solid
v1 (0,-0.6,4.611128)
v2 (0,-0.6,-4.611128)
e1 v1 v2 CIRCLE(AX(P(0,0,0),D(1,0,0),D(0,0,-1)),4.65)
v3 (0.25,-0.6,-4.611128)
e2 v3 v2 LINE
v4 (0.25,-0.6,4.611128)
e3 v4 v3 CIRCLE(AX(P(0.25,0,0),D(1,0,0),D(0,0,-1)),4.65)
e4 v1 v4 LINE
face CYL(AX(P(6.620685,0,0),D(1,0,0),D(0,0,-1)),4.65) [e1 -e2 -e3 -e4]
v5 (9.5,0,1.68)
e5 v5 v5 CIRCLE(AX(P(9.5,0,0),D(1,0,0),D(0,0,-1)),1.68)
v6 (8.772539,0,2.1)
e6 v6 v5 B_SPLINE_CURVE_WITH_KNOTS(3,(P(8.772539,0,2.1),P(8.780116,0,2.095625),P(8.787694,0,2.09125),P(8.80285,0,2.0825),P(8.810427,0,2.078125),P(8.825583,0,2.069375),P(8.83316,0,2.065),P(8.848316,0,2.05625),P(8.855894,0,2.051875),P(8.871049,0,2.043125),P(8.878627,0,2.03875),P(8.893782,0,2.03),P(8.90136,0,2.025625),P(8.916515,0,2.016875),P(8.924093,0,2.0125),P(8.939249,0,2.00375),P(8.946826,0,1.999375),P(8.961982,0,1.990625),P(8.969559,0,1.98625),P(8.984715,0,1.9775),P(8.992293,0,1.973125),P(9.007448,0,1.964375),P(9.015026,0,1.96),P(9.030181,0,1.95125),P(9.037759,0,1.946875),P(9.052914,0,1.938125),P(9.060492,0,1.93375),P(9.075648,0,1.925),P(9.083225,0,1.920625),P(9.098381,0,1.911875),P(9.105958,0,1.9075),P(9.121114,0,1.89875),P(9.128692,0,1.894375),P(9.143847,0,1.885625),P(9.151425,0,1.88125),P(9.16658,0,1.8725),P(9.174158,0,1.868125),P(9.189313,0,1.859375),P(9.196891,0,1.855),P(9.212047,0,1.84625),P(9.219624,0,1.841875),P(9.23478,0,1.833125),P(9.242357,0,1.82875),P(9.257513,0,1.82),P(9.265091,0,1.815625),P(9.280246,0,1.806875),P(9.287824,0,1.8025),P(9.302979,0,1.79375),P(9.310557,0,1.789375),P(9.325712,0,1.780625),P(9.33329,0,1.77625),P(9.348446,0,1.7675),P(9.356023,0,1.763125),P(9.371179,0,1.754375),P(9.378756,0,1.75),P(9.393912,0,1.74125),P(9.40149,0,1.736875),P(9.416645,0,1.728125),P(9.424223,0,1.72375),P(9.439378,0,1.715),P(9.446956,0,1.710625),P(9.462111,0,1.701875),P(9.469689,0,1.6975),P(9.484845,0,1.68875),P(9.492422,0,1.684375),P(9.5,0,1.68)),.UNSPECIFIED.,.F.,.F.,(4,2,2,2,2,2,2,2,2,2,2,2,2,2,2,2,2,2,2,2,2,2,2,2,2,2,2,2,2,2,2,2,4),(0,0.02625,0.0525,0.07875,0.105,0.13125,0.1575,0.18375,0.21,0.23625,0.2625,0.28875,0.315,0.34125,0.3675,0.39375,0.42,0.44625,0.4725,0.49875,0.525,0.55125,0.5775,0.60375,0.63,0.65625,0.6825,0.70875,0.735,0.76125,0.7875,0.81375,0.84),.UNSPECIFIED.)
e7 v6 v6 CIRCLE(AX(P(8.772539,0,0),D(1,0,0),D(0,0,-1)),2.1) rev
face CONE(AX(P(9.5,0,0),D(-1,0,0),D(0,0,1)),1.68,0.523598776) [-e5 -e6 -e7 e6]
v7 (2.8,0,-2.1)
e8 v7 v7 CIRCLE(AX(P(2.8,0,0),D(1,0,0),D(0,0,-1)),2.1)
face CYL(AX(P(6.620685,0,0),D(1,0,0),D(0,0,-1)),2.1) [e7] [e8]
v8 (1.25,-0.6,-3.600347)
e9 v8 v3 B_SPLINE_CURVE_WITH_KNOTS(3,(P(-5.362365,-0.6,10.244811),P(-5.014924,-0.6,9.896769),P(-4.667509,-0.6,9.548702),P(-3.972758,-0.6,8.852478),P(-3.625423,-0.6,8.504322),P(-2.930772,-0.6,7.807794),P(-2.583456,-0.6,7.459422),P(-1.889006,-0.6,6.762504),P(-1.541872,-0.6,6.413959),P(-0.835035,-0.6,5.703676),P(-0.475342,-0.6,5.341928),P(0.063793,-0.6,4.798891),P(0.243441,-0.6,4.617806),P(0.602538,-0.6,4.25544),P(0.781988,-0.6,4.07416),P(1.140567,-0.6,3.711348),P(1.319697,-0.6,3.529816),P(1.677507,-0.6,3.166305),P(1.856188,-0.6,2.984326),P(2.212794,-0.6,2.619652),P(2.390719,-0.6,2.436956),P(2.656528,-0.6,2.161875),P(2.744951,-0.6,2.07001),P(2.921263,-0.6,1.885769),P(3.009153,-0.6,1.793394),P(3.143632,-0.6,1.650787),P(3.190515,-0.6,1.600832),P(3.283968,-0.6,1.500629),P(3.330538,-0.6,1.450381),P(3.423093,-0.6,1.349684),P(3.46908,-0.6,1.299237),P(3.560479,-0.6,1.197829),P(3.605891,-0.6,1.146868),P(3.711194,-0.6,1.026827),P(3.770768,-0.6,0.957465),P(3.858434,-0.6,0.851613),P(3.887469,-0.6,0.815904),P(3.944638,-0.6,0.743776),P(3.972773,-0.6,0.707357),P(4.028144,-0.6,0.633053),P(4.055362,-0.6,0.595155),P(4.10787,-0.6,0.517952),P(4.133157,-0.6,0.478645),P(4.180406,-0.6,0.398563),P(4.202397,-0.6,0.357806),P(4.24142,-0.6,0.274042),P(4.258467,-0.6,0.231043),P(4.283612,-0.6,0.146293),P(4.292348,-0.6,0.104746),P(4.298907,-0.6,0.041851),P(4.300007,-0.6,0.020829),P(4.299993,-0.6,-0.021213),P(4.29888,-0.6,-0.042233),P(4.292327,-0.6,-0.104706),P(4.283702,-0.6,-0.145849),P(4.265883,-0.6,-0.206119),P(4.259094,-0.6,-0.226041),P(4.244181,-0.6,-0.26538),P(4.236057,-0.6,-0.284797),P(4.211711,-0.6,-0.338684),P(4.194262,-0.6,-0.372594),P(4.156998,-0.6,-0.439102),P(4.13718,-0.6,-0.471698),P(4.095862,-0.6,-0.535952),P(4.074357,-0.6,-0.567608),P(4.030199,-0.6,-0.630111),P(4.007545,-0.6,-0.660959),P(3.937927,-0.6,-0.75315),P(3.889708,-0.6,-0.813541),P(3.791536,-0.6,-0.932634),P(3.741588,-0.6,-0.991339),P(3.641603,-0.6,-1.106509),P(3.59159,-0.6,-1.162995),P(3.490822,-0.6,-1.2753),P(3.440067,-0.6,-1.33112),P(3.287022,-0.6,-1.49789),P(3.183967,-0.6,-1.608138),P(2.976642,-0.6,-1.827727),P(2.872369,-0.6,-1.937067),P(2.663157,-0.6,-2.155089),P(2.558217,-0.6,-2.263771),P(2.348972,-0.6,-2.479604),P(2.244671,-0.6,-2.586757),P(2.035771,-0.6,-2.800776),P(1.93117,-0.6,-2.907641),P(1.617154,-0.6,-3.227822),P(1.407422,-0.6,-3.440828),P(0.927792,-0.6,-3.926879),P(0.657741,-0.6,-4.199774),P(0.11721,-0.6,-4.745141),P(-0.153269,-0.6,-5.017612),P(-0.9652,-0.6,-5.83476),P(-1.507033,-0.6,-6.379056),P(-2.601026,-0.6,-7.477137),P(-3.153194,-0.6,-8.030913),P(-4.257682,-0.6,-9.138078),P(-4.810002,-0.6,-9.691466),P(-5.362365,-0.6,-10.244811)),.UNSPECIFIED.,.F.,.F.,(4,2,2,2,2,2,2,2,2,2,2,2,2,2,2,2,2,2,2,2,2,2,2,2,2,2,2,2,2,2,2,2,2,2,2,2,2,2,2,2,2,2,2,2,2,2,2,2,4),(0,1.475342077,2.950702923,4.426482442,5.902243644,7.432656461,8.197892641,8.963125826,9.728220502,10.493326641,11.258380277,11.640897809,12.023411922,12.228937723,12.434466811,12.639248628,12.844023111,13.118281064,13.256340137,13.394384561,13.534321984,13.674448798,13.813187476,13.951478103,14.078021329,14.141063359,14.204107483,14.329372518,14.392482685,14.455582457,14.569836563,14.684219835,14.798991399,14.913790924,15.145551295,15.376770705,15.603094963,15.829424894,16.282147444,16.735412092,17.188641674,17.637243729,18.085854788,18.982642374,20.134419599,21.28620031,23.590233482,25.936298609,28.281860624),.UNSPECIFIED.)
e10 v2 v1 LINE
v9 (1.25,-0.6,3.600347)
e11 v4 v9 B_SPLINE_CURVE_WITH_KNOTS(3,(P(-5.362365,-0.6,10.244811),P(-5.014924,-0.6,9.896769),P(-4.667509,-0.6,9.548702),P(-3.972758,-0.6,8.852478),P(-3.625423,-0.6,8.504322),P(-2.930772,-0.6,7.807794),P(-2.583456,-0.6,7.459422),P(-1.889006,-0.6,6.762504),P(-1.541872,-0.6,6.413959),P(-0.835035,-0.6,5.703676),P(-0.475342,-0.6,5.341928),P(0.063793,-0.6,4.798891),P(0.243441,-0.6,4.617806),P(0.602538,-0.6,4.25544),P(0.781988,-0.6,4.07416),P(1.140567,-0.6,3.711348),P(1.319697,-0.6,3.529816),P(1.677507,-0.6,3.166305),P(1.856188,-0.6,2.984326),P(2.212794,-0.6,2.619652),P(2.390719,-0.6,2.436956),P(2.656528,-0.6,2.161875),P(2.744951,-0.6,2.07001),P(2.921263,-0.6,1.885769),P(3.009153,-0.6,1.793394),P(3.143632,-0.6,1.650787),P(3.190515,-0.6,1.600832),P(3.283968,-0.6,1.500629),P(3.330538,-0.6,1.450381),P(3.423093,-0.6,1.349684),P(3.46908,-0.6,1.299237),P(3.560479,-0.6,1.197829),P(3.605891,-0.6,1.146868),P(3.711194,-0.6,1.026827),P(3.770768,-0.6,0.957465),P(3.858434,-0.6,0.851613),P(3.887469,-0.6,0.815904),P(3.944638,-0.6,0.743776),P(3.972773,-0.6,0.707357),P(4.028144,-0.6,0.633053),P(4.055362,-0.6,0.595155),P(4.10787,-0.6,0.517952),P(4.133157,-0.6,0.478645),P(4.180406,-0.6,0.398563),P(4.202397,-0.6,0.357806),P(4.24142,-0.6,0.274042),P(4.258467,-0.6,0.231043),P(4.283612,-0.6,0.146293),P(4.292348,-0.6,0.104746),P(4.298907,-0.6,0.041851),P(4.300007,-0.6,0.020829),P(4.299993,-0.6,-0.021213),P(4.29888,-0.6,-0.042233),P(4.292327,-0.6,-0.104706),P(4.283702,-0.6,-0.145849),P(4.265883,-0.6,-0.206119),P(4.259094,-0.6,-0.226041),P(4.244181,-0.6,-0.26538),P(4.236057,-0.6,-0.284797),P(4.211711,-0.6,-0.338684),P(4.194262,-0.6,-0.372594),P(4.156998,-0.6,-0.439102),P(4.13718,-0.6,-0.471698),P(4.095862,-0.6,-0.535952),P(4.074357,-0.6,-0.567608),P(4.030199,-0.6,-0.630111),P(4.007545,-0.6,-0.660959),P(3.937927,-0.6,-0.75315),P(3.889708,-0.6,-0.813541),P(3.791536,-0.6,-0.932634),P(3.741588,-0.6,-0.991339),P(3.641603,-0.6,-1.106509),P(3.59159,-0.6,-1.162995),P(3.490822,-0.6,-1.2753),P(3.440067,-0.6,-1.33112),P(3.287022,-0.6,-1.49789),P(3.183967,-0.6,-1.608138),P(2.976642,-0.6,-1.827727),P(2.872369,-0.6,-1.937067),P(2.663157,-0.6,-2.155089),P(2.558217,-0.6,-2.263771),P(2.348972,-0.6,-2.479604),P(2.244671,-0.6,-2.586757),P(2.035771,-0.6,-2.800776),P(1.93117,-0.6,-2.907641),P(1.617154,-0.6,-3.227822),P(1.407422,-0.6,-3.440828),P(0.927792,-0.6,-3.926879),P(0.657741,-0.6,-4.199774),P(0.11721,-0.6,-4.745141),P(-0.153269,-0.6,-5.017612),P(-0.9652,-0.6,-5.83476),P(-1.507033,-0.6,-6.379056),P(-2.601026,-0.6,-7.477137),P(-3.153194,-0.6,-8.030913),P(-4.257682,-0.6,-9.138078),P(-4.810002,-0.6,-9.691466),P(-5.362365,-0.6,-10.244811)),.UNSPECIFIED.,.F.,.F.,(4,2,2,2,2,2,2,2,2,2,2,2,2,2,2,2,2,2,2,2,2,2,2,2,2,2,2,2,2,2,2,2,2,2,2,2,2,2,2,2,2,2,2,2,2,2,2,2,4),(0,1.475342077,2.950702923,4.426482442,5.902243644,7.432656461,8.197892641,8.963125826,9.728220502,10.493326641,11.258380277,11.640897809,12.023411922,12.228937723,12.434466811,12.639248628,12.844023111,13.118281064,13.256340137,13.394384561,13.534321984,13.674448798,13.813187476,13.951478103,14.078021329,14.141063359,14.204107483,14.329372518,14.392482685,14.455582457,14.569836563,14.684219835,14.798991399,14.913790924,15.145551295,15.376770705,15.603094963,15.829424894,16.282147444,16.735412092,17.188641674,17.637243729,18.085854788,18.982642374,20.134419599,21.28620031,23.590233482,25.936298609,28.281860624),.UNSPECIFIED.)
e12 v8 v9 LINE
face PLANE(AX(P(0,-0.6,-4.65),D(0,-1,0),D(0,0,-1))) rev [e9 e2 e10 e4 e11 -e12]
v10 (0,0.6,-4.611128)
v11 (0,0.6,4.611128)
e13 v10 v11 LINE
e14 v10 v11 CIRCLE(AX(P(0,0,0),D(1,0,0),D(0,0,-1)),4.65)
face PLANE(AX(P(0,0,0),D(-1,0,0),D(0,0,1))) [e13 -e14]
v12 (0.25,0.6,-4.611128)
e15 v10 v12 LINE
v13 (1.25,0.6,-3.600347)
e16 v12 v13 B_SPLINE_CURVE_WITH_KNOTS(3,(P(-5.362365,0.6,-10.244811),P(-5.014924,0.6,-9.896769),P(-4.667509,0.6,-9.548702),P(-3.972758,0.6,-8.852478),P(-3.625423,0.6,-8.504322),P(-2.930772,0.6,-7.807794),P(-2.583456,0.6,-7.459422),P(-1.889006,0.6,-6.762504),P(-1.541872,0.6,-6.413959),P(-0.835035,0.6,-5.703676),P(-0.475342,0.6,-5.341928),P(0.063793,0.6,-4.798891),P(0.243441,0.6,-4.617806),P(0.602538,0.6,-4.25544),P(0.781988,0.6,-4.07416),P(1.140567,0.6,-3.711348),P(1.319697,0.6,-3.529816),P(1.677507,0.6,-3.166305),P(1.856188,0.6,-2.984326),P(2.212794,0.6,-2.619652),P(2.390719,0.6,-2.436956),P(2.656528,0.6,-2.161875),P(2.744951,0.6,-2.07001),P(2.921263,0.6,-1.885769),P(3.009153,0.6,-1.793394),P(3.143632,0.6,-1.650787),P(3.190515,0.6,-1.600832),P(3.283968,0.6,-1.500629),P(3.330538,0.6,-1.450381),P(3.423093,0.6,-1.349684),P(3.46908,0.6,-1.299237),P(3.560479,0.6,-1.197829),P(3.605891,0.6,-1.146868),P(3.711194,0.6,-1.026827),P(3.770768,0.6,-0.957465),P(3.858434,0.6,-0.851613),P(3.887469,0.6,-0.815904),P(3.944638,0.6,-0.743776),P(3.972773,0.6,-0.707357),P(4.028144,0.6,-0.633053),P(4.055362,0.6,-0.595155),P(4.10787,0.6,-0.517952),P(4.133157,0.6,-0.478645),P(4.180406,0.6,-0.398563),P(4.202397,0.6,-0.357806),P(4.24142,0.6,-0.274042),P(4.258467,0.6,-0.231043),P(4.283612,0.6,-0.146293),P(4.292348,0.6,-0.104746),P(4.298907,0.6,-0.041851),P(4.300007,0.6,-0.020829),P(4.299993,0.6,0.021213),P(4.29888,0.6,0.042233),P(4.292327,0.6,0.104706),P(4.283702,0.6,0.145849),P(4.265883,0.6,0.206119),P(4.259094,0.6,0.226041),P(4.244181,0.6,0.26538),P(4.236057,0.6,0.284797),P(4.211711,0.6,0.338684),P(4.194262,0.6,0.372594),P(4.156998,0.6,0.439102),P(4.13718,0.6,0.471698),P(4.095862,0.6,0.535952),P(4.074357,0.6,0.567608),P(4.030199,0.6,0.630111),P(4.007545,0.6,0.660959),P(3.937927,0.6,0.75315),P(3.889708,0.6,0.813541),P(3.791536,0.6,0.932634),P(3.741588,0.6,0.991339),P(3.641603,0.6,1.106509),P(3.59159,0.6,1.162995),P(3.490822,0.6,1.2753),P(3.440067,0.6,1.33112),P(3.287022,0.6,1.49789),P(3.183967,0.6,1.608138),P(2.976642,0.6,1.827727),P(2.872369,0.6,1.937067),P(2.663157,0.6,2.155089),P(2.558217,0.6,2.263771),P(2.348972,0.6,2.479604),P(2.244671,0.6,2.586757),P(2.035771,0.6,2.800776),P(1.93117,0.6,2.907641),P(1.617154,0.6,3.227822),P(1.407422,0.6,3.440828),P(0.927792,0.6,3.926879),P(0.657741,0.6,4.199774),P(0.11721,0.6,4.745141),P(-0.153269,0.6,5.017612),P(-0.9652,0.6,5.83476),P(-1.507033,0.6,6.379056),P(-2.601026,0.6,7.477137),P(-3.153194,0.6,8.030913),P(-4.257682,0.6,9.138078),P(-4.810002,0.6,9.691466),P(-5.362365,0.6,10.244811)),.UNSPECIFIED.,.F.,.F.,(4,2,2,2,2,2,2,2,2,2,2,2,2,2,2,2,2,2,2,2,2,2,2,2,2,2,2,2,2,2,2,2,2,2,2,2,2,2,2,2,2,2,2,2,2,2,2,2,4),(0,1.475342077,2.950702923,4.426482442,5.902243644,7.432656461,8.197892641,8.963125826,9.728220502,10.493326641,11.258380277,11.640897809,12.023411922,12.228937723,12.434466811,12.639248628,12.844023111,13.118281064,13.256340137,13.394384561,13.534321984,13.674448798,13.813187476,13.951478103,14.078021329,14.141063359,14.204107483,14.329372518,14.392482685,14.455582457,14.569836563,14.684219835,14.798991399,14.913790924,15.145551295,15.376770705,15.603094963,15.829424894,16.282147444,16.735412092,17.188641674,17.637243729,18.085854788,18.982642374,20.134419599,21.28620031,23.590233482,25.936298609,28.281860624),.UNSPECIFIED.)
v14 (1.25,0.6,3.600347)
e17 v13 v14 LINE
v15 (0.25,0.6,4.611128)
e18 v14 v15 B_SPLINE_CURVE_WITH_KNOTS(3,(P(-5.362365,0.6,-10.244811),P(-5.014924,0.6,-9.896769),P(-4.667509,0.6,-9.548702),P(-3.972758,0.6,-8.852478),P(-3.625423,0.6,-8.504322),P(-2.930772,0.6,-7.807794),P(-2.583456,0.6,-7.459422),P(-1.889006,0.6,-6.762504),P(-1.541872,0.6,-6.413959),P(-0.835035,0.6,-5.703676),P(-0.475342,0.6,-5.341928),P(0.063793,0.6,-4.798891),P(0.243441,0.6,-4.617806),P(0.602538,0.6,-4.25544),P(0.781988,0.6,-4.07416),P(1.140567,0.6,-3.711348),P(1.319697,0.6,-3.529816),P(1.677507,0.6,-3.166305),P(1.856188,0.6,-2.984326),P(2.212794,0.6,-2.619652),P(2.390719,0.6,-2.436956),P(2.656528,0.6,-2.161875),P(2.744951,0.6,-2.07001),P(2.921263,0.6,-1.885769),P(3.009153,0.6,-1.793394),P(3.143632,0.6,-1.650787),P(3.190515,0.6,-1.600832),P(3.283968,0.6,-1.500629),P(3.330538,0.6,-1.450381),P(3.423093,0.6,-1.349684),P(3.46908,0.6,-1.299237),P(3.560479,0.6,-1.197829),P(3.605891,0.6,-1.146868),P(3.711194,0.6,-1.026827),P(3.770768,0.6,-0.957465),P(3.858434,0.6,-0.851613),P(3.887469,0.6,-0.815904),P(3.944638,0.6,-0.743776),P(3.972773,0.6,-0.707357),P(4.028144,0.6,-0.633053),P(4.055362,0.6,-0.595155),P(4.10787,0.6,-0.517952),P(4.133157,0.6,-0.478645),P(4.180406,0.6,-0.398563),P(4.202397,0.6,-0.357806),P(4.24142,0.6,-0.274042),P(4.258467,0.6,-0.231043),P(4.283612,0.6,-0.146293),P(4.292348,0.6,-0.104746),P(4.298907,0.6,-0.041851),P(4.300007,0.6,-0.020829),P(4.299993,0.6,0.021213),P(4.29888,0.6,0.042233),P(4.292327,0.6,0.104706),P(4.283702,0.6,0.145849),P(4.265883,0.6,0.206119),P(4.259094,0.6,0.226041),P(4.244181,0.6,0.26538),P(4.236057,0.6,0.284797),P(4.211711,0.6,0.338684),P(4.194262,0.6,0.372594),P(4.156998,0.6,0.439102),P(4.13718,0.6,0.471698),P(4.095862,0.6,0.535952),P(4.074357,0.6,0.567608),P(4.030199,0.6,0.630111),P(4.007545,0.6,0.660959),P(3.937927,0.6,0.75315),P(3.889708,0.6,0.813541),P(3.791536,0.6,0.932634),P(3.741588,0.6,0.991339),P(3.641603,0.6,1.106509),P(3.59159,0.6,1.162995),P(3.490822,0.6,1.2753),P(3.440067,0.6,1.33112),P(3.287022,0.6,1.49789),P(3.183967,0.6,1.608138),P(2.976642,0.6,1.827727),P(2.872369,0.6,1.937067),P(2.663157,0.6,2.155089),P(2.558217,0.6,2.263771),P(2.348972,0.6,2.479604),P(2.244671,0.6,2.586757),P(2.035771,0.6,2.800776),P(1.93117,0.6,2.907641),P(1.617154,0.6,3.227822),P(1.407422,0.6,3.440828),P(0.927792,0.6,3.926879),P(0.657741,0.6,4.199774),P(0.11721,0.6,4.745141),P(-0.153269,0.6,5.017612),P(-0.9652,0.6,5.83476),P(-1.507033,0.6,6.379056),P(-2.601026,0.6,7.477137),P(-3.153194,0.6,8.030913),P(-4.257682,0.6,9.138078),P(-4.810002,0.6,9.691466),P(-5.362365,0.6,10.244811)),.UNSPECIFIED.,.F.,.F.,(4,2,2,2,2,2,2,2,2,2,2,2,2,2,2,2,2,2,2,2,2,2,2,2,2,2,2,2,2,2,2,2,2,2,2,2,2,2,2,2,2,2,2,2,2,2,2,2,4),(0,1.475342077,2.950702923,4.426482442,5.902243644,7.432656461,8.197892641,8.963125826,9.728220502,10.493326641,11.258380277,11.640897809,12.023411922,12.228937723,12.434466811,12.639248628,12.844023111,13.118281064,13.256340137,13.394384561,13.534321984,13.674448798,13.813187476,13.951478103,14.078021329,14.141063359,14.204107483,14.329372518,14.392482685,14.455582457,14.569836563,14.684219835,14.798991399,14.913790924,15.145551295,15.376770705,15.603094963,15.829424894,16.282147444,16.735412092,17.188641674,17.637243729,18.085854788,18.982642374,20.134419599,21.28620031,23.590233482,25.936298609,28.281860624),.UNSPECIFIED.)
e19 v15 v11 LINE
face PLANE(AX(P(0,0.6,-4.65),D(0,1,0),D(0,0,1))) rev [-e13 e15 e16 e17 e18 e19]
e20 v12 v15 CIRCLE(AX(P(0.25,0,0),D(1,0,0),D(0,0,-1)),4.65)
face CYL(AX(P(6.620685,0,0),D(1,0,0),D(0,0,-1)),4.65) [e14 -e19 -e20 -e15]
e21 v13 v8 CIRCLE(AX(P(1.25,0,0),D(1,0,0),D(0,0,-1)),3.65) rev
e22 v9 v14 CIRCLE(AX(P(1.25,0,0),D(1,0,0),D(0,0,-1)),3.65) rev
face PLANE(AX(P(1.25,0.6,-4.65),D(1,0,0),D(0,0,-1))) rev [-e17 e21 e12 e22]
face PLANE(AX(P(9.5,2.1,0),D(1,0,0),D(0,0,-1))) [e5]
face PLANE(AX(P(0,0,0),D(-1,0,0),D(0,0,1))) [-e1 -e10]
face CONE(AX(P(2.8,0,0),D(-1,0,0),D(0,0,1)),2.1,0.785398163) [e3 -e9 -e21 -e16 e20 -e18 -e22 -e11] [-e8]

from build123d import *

# Parameters (mm, degrees)
CUT_EXTRUDE1_DEPTH      = 12.554003635
CUT_EXTRUDE1_DEPTH_BACK = 12.554003635
SKETCH2_W               = 1.25
SKETCH2_H               = 1.2
CHAMFER1_SIZE           = 0.42
CHAMFER1_SIZE2          = 0.727461339


with BuildPart() as part:
    # Sketch1 → Revolve1 (revolve)
    with BuildSketch(Plane.XY, mode=Mode.PRIVATE) as revolve1_sk:
        Polygon((0, 4.65), (0.25, 4.65), (2.8, 2.1), (9.5, 2.1), (9.5, 0), (0, 0), align=None)
    revolve(revolve1_sk.sketch.rotate(Axis((6.620684694, 0, 0), (-1, 0, 0)), 90), axis=Axis((6.620684694, 0, 0), (-1, 0, 0)))

    # Sketch2 → Cut-Extrude1 (cut, two sides: drawn at the far end of the back side and taken through both)
    with BuildSketch(Plane.XY.offset(-CUT_EXTRUDE1_DEPTH_BACK)):
        with Locations((0.625, 0)):
            Rectangle(SKETCH2_W, SKETCH2_H)
    extrude(amount=CUT_EXTRUDE1_DEPTH + CUT_EXTRUDE1_DEPTH_BACK, mode=Mode.SUBTRACT)

    # Chamfer1
    chamfer1_edges = [part.edges().sort_by_distance(p)[0] for p in [
        (9.5, 0, 2.1),
    ]]
    chamfer1_side = [part.faces().sort_by_distance(p)[0] for p in [
        (9.5, 0, 0),
    ]]
    chamfer(chamfer1_edges, length=CHAMFER1_SIZE, length2=CHAMFER1_SIZE2, reference=chamfer1_side[0])


solid = part.part
